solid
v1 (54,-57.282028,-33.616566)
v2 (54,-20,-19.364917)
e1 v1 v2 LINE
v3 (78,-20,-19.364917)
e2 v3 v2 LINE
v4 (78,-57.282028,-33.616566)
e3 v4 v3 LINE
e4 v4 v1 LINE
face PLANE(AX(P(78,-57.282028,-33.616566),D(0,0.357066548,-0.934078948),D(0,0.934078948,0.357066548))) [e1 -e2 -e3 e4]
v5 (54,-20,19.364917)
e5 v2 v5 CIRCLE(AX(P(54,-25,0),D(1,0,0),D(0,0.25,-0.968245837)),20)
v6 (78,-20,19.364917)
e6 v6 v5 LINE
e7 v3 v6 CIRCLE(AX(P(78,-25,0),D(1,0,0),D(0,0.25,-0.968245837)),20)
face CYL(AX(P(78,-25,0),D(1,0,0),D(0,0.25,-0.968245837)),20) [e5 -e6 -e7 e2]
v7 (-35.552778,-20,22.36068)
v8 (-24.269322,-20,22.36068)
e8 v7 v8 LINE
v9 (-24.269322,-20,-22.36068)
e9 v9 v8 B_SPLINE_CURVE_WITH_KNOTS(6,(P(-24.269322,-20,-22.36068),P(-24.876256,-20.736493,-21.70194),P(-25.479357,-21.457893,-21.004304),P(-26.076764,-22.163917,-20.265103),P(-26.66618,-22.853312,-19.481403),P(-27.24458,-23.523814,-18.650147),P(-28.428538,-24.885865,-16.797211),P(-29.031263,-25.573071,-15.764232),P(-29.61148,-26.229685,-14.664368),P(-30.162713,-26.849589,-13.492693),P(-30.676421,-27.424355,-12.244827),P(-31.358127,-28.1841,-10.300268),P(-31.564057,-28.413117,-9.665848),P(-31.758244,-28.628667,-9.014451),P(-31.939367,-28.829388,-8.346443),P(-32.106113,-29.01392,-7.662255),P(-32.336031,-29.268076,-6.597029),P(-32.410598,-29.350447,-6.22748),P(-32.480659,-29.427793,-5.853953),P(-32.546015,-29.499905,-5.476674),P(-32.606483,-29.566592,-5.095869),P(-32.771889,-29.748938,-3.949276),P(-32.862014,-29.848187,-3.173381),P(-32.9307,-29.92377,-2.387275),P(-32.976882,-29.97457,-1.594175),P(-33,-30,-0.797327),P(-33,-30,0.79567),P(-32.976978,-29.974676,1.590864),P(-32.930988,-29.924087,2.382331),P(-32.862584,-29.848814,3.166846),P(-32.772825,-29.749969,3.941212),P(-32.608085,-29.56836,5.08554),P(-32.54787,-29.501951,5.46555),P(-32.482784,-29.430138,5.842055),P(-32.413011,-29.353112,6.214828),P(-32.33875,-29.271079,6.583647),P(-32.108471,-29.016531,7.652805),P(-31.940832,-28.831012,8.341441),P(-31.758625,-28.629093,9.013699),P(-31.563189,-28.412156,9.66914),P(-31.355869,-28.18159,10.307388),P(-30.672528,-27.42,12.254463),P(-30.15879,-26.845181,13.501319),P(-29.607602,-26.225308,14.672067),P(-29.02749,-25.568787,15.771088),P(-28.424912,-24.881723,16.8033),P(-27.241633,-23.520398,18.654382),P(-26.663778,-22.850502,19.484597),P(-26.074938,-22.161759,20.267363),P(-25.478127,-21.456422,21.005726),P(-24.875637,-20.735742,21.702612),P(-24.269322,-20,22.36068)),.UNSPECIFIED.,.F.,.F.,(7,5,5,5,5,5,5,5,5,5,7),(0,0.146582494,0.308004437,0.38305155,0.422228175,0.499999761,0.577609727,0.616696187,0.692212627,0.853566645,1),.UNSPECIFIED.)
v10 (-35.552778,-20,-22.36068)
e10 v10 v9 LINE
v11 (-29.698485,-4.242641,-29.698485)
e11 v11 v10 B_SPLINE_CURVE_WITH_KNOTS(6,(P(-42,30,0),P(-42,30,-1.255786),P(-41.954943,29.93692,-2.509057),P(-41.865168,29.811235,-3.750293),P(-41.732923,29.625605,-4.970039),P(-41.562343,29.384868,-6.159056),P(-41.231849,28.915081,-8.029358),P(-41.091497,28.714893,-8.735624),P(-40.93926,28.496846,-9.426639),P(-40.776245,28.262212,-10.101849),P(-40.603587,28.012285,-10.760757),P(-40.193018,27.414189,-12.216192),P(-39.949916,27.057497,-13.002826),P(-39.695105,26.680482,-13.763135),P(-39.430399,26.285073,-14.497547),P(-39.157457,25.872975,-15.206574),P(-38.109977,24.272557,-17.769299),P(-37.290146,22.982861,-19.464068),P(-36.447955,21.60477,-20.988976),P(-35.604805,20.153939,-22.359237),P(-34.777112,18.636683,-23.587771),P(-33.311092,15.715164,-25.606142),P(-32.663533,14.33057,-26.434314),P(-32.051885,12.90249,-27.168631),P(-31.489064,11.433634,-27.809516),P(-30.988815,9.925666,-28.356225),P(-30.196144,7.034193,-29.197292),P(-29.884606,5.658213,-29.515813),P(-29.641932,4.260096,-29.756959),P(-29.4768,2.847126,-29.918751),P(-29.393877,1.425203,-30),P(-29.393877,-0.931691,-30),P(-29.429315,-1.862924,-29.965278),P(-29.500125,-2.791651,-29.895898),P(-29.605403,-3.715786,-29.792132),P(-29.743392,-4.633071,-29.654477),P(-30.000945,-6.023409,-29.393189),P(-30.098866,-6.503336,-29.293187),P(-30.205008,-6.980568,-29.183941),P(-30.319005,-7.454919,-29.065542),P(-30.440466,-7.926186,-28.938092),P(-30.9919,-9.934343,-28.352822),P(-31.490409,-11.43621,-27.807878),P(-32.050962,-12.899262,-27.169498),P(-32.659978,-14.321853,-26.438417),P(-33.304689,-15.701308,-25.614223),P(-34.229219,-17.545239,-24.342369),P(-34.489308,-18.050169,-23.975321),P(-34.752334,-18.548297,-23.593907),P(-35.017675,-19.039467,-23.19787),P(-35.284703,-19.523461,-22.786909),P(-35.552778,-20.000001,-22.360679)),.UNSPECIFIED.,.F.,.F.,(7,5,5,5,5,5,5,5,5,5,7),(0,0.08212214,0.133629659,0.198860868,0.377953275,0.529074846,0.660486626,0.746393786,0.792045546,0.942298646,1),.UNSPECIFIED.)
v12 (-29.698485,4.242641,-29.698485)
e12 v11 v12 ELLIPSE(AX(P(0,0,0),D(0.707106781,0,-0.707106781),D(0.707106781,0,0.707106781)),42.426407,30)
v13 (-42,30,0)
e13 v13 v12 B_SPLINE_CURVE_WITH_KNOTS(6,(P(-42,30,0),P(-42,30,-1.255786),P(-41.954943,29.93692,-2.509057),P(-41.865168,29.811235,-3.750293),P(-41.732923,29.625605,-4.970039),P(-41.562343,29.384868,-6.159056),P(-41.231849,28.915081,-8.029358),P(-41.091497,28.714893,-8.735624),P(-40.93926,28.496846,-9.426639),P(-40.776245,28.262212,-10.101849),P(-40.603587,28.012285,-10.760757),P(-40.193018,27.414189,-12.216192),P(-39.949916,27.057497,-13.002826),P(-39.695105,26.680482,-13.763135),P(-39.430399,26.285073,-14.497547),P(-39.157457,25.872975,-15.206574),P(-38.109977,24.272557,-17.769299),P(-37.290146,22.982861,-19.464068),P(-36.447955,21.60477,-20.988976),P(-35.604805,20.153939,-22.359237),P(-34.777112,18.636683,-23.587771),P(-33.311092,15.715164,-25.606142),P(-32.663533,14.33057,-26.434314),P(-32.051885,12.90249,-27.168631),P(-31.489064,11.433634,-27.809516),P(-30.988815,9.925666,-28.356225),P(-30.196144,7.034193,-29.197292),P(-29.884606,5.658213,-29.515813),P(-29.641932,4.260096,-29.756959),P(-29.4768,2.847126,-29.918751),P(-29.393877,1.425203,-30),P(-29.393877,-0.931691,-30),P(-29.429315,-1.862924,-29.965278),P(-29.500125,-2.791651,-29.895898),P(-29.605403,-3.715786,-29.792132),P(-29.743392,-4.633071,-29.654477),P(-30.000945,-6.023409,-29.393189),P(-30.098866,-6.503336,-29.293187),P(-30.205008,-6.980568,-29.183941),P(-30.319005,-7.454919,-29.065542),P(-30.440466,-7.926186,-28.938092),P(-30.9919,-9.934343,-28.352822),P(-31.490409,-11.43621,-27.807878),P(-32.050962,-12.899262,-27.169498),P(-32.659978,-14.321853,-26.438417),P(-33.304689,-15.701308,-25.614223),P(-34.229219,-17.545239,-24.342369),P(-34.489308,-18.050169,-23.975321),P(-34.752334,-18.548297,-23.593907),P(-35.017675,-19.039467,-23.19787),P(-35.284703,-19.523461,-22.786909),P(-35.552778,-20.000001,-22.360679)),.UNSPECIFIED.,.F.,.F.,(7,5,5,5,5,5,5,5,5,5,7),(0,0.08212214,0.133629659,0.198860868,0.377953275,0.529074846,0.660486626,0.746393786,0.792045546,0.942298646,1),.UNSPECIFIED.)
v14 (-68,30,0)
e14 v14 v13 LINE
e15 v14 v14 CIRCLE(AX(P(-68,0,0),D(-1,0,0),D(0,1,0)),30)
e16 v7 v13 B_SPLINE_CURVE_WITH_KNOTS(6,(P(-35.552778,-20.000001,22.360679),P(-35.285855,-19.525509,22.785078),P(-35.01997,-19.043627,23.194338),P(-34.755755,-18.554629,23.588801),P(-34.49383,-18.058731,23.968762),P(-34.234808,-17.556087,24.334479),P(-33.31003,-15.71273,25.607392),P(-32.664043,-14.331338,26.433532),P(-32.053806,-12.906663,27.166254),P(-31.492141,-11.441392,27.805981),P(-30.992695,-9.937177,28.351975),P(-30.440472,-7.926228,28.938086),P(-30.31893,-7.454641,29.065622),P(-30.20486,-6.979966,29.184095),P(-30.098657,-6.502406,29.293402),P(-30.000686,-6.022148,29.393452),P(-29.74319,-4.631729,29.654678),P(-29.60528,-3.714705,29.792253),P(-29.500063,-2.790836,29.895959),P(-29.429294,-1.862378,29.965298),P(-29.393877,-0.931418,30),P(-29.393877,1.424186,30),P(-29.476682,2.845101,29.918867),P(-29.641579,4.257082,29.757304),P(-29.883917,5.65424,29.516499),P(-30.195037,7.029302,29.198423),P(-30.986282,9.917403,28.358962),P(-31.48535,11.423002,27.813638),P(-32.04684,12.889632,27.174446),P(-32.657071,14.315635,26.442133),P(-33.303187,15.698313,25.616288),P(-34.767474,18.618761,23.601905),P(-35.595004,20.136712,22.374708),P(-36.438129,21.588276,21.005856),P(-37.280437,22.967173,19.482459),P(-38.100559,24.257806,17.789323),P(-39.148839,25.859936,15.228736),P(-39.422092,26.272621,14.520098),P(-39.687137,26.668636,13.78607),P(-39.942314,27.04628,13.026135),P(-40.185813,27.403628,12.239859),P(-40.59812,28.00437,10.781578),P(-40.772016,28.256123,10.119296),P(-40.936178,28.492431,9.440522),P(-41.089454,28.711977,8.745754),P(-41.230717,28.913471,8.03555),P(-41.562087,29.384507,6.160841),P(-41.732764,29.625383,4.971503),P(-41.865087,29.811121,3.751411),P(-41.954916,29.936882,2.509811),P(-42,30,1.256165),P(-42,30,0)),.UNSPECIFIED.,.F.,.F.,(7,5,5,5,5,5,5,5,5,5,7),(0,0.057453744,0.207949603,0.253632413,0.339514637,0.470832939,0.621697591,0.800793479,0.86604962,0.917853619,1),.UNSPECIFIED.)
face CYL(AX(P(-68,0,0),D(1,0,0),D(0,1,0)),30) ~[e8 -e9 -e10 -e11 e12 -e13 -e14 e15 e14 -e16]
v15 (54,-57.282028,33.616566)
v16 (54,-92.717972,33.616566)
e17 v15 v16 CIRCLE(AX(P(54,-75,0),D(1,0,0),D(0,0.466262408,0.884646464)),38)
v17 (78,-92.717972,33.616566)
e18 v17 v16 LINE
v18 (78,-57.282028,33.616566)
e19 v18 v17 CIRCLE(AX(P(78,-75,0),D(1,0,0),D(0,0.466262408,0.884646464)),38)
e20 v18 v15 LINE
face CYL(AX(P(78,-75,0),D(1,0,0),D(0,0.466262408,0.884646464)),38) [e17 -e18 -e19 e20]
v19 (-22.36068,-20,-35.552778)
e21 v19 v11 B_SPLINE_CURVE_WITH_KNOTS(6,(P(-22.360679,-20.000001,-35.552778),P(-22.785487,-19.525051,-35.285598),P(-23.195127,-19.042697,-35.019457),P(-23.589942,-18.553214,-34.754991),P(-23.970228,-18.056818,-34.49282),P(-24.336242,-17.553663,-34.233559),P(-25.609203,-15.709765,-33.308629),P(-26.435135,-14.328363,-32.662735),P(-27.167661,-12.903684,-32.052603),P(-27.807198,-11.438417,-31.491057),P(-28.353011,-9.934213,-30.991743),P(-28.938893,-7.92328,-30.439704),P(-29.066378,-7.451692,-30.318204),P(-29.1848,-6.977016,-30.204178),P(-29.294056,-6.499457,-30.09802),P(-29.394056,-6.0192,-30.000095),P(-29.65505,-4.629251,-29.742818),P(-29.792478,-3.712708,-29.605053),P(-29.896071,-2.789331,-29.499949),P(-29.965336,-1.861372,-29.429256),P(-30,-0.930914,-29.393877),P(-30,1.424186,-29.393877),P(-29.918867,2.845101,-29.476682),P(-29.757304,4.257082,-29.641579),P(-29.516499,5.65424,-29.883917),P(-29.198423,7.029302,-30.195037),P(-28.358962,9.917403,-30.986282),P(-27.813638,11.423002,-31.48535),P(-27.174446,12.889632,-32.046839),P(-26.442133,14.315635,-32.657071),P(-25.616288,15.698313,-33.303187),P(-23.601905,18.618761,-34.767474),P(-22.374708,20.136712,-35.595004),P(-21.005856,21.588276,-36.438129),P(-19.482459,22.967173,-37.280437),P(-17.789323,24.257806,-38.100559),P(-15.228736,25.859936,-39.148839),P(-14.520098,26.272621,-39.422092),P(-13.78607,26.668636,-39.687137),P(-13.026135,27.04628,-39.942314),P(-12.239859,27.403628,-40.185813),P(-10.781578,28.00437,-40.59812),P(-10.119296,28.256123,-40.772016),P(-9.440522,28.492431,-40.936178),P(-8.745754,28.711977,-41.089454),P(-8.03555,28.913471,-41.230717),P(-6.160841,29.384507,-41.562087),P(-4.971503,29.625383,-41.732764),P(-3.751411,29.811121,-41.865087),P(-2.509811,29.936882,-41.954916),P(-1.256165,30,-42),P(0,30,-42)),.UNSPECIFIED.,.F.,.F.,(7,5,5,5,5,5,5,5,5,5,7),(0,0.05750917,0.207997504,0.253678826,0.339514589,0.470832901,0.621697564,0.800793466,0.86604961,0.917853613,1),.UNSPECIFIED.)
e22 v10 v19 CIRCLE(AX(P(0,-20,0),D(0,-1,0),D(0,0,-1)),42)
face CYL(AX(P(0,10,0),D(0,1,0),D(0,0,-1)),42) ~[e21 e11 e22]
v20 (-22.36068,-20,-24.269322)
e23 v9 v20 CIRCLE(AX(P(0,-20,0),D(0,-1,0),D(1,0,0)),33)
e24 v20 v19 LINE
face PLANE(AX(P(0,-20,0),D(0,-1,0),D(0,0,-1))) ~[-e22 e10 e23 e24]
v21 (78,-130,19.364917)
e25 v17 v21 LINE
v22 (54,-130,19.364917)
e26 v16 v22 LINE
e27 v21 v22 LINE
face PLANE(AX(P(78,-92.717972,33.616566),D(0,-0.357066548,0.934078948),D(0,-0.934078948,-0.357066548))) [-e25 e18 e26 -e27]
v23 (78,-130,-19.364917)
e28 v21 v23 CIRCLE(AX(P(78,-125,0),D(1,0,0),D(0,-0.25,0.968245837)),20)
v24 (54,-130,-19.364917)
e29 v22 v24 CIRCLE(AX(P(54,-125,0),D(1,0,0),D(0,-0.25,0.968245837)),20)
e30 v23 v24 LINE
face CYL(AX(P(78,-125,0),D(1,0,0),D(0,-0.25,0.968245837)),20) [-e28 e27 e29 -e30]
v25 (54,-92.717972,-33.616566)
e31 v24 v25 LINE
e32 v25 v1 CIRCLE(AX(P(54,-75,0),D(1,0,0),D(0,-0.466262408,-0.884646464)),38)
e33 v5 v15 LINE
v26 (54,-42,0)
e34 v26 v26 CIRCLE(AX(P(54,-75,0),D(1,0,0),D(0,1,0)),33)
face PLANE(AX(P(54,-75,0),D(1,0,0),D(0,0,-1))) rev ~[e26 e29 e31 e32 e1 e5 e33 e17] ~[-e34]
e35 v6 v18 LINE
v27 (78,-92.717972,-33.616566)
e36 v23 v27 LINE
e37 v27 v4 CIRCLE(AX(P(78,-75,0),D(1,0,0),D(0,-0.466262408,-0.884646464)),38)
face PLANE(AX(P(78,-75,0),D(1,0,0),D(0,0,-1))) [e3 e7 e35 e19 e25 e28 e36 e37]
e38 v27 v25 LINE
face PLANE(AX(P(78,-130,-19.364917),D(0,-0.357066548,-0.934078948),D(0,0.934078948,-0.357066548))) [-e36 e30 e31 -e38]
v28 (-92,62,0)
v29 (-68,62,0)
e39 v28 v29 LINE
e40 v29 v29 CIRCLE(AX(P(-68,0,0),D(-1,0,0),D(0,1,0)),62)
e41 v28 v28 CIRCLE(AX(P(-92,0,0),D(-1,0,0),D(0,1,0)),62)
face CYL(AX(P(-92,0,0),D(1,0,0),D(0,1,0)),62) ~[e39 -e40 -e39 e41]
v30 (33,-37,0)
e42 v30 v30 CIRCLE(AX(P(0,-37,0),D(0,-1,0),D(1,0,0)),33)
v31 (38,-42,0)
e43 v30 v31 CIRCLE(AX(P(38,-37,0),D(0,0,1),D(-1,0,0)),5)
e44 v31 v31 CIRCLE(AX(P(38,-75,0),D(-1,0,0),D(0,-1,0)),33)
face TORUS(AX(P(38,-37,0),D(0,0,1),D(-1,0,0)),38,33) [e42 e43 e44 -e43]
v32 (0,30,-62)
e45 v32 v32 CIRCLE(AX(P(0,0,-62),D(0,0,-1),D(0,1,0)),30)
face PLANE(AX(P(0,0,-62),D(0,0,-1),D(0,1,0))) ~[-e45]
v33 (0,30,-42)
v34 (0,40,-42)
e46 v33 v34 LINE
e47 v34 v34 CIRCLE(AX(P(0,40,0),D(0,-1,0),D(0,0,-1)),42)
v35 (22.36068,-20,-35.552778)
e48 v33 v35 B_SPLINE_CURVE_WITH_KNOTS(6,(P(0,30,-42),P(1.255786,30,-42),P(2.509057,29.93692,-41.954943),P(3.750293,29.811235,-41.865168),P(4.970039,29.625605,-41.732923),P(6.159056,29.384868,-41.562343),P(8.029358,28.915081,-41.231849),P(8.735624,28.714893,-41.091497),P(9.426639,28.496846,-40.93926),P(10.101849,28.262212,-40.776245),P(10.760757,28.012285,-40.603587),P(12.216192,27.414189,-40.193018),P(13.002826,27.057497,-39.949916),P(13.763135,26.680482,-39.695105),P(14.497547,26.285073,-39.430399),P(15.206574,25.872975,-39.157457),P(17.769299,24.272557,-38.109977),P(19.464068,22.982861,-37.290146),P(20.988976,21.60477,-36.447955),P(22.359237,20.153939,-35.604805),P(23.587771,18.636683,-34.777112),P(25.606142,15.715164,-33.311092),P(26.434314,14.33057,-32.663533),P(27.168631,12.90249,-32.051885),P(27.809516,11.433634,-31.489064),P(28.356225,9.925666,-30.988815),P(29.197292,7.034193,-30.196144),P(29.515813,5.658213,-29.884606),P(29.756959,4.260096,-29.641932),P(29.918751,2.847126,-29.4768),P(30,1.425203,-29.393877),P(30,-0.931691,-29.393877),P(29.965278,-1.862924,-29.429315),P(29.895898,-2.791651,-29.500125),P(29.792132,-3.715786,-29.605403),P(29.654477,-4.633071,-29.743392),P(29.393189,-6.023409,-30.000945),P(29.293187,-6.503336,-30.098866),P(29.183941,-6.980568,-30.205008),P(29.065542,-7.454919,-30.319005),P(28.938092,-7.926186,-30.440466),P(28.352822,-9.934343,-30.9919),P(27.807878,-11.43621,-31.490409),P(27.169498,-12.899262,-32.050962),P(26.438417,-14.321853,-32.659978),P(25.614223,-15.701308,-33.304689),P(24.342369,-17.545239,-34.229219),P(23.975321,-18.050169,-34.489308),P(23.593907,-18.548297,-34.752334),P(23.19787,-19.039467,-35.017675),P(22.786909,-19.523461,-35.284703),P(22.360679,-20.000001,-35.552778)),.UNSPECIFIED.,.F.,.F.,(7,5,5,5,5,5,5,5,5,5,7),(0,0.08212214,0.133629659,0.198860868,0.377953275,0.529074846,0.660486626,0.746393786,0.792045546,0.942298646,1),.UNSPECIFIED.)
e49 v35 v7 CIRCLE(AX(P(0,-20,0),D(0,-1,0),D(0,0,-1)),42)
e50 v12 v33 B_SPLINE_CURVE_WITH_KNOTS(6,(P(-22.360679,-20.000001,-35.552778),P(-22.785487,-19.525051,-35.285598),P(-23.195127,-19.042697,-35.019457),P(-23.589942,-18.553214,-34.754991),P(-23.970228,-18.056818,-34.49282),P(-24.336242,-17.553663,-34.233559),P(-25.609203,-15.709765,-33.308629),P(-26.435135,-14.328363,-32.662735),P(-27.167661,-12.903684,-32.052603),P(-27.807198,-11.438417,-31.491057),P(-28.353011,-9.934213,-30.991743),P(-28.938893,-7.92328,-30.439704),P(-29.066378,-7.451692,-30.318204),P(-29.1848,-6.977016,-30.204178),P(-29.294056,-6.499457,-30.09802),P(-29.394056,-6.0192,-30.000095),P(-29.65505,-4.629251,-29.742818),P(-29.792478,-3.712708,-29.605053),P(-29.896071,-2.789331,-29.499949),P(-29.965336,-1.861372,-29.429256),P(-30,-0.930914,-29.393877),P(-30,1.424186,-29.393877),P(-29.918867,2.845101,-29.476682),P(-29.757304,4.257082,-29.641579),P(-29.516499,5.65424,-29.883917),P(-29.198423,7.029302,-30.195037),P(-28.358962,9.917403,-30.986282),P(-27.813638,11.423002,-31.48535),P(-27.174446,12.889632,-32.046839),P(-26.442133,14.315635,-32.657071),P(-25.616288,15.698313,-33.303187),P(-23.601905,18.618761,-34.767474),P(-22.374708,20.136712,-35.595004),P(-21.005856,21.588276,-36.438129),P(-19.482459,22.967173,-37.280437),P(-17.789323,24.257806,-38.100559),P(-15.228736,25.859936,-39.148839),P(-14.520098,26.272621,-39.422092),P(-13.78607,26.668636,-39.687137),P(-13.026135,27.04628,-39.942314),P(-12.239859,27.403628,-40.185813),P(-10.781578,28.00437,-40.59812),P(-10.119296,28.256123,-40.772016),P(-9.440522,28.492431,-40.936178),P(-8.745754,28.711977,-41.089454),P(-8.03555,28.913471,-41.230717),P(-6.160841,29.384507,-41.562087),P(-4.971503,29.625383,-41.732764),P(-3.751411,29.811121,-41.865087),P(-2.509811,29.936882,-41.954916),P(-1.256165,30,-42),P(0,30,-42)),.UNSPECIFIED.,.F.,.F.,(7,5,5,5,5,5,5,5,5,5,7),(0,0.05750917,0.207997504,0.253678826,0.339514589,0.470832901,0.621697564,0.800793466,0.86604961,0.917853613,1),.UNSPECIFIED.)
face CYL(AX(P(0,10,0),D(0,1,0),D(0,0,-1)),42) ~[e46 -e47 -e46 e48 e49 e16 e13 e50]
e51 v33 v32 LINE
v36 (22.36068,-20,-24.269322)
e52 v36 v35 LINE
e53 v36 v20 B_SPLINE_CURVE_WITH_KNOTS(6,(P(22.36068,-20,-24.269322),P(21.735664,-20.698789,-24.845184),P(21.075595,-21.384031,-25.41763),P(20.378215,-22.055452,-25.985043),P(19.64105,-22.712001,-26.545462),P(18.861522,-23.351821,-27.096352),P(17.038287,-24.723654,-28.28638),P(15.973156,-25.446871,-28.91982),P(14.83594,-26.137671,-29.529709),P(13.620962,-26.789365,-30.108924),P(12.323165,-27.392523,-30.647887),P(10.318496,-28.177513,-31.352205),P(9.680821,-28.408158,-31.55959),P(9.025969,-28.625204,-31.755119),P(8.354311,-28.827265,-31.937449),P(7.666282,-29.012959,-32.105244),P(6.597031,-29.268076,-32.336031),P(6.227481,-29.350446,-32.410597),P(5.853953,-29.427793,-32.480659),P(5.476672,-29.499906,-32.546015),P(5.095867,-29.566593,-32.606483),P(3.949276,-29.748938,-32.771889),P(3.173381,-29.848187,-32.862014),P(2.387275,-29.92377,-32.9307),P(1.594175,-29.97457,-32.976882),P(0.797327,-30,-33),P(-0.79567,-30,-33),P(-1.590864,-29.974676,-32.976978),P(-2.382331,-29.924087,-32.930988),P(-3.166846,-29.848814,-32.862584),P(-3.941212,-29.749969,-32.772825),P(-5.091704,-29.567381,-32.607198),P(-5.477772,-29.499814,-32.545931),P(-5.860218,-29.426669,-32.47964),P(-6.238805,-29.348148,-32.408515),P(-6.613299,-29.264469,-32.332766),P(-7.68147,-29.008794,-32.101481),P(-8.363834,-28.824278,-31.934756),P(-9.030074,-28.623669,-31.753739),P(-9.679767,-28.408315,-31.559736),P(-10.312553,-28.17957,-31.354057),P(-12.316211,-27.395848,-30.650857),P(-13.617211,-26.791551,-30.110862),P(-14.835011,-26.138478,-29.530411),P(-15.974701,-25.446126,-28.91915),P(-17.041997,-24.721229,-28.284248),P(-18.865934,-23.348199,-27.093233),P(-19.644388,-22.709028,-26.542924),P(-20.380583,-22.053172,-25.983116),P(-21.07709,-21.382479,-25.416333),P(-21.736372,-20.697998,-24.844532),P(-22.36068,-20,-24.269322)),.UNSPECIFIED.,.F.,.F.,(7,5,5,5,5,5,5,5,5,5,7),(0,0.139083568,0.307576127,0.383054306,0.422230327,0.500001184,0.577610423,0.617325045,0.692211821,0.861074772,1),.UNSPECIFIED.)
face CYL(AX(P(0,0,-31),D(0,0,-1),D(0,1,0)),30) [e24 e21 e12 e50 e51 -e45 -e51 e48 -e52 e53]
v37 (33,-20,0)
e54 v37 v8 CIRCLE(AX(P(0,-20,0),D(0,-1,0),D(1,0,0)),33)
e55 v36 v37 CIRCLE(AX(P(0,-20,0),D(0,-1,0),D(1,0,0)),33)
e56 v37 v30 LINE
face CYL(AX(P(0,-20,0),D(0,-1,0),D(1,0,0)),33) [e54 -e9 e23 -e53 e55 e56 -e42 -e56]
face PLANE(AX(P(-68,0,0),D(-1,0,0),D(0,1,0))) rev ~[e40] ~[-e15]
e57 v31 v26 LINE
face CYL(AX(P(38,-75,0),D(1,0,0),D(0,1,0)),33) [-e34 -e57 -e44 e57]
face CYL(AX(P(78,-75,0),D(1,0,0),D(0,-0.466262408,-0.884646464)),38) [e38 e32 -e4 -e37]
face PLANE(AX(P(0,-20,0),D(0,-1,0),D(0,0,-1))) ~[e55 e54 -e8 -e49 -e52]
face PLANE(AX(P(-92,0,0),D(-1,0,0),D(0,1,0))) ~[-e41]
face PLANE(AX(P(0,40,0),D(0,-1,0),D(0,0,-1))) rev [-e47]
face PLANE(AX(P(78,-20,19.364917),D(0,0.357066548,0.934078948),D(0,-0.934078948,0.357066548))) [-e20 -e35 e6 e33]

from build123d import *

# Parameters (mm, degrees)
SKETCH2_W           = 42
SKETCH2_H           = 60
SKETCH3_R           = 33
BOSS_EXTRUDE1_DEPTH = 24
SKETCH6_W           = 62
SKETCH6_H           = 30


with BuildPart() as part:
    # Sketch1 → Revolve1 (revolve)
    with BuildSketch(Plane.XY):
        Polygon((-92, 0), (-92, 62), (-68, 62), (-68, 30), (0, 30), (0, 0), align=None)
    revolve(axis=Axis((0, 0, 0), (-1, 0, 0)))

    # Sketch2 → Revolve2 (revolve)
    with BuildSketch(Plane(origin=(0, 0, 0), x_dir=(0, 0, -1), z_dir=(1, 0, 0))):
        with Locations((21, 10)):
            Rectangle(SKETCH2_W, SKETCH2_H)
    revolve(axis=Axis((0, 40, 0), (0, -1, 0)))

    # Sweep1: sweep along a path in Sketch4
    with BuildLine(Plane.XY) as sweep1_path:
        Line((0, -20), (0, -37))
        ThreePointArc((0, -37), (11.129942315, -63.870057685), (38, -75))
        Line((38, -75), (78, -75))
    # Sketch3 → Sweep1 (sweep)
    with BuildSketch(Plane.XZ.offset(20)):
        Circle(SKETCH3_R)
    sweep(path=sweep1_path.line)

    # Sketch5 → Boss-Extrude1 (add)
    with BuildSketch(Plane(origin=(78, 0, 0), x_dir=(0, 0, -1), z_dir=(1, 0, 0))):
        with BuildLine():
            Line((-19.364916731, -20), (-33.616565645, -57.282028495))
            ThreePointArc((-33.616565645, -57.282028495), (-38, -75), (-33.616565645, -92.717971505))
            Line((-33.616565645, -92.717971505), (-19.364916731, -130))
            ThreePointArc((-19.364916731, -130), (0, -145), (19.364916731, -130))
            Line((19.364916731, -130), (33.616565645, -92.717971505))
            ThreePointArc((33.616565645, -92.717971505), (38, -75), (33.616565645, -57.282028495))
            Line((33.616565645, -57.282028495), (19.364916731, -20))
            ThreePointArc((19.364916731, -20), (0, -5), (-19.364916731, -20))
        make_face()
    extrude(amount=-BOSS_EXTRUDE1_DEPTH)

    # Sketch6 → Revolve3 (revolve)
    with BuildSketch(Plane(origin=(0, 0, 0), x_dir=(0, 0, -1), z_dir=(1, 0, 0))):
        with Locations((31, 15)):
            Rectangle(SKETCH6_W, SKETCH6_H)
    revolve(axis=Axis((0, 0, 0), (0, 0, -1)))


solid = part.part
